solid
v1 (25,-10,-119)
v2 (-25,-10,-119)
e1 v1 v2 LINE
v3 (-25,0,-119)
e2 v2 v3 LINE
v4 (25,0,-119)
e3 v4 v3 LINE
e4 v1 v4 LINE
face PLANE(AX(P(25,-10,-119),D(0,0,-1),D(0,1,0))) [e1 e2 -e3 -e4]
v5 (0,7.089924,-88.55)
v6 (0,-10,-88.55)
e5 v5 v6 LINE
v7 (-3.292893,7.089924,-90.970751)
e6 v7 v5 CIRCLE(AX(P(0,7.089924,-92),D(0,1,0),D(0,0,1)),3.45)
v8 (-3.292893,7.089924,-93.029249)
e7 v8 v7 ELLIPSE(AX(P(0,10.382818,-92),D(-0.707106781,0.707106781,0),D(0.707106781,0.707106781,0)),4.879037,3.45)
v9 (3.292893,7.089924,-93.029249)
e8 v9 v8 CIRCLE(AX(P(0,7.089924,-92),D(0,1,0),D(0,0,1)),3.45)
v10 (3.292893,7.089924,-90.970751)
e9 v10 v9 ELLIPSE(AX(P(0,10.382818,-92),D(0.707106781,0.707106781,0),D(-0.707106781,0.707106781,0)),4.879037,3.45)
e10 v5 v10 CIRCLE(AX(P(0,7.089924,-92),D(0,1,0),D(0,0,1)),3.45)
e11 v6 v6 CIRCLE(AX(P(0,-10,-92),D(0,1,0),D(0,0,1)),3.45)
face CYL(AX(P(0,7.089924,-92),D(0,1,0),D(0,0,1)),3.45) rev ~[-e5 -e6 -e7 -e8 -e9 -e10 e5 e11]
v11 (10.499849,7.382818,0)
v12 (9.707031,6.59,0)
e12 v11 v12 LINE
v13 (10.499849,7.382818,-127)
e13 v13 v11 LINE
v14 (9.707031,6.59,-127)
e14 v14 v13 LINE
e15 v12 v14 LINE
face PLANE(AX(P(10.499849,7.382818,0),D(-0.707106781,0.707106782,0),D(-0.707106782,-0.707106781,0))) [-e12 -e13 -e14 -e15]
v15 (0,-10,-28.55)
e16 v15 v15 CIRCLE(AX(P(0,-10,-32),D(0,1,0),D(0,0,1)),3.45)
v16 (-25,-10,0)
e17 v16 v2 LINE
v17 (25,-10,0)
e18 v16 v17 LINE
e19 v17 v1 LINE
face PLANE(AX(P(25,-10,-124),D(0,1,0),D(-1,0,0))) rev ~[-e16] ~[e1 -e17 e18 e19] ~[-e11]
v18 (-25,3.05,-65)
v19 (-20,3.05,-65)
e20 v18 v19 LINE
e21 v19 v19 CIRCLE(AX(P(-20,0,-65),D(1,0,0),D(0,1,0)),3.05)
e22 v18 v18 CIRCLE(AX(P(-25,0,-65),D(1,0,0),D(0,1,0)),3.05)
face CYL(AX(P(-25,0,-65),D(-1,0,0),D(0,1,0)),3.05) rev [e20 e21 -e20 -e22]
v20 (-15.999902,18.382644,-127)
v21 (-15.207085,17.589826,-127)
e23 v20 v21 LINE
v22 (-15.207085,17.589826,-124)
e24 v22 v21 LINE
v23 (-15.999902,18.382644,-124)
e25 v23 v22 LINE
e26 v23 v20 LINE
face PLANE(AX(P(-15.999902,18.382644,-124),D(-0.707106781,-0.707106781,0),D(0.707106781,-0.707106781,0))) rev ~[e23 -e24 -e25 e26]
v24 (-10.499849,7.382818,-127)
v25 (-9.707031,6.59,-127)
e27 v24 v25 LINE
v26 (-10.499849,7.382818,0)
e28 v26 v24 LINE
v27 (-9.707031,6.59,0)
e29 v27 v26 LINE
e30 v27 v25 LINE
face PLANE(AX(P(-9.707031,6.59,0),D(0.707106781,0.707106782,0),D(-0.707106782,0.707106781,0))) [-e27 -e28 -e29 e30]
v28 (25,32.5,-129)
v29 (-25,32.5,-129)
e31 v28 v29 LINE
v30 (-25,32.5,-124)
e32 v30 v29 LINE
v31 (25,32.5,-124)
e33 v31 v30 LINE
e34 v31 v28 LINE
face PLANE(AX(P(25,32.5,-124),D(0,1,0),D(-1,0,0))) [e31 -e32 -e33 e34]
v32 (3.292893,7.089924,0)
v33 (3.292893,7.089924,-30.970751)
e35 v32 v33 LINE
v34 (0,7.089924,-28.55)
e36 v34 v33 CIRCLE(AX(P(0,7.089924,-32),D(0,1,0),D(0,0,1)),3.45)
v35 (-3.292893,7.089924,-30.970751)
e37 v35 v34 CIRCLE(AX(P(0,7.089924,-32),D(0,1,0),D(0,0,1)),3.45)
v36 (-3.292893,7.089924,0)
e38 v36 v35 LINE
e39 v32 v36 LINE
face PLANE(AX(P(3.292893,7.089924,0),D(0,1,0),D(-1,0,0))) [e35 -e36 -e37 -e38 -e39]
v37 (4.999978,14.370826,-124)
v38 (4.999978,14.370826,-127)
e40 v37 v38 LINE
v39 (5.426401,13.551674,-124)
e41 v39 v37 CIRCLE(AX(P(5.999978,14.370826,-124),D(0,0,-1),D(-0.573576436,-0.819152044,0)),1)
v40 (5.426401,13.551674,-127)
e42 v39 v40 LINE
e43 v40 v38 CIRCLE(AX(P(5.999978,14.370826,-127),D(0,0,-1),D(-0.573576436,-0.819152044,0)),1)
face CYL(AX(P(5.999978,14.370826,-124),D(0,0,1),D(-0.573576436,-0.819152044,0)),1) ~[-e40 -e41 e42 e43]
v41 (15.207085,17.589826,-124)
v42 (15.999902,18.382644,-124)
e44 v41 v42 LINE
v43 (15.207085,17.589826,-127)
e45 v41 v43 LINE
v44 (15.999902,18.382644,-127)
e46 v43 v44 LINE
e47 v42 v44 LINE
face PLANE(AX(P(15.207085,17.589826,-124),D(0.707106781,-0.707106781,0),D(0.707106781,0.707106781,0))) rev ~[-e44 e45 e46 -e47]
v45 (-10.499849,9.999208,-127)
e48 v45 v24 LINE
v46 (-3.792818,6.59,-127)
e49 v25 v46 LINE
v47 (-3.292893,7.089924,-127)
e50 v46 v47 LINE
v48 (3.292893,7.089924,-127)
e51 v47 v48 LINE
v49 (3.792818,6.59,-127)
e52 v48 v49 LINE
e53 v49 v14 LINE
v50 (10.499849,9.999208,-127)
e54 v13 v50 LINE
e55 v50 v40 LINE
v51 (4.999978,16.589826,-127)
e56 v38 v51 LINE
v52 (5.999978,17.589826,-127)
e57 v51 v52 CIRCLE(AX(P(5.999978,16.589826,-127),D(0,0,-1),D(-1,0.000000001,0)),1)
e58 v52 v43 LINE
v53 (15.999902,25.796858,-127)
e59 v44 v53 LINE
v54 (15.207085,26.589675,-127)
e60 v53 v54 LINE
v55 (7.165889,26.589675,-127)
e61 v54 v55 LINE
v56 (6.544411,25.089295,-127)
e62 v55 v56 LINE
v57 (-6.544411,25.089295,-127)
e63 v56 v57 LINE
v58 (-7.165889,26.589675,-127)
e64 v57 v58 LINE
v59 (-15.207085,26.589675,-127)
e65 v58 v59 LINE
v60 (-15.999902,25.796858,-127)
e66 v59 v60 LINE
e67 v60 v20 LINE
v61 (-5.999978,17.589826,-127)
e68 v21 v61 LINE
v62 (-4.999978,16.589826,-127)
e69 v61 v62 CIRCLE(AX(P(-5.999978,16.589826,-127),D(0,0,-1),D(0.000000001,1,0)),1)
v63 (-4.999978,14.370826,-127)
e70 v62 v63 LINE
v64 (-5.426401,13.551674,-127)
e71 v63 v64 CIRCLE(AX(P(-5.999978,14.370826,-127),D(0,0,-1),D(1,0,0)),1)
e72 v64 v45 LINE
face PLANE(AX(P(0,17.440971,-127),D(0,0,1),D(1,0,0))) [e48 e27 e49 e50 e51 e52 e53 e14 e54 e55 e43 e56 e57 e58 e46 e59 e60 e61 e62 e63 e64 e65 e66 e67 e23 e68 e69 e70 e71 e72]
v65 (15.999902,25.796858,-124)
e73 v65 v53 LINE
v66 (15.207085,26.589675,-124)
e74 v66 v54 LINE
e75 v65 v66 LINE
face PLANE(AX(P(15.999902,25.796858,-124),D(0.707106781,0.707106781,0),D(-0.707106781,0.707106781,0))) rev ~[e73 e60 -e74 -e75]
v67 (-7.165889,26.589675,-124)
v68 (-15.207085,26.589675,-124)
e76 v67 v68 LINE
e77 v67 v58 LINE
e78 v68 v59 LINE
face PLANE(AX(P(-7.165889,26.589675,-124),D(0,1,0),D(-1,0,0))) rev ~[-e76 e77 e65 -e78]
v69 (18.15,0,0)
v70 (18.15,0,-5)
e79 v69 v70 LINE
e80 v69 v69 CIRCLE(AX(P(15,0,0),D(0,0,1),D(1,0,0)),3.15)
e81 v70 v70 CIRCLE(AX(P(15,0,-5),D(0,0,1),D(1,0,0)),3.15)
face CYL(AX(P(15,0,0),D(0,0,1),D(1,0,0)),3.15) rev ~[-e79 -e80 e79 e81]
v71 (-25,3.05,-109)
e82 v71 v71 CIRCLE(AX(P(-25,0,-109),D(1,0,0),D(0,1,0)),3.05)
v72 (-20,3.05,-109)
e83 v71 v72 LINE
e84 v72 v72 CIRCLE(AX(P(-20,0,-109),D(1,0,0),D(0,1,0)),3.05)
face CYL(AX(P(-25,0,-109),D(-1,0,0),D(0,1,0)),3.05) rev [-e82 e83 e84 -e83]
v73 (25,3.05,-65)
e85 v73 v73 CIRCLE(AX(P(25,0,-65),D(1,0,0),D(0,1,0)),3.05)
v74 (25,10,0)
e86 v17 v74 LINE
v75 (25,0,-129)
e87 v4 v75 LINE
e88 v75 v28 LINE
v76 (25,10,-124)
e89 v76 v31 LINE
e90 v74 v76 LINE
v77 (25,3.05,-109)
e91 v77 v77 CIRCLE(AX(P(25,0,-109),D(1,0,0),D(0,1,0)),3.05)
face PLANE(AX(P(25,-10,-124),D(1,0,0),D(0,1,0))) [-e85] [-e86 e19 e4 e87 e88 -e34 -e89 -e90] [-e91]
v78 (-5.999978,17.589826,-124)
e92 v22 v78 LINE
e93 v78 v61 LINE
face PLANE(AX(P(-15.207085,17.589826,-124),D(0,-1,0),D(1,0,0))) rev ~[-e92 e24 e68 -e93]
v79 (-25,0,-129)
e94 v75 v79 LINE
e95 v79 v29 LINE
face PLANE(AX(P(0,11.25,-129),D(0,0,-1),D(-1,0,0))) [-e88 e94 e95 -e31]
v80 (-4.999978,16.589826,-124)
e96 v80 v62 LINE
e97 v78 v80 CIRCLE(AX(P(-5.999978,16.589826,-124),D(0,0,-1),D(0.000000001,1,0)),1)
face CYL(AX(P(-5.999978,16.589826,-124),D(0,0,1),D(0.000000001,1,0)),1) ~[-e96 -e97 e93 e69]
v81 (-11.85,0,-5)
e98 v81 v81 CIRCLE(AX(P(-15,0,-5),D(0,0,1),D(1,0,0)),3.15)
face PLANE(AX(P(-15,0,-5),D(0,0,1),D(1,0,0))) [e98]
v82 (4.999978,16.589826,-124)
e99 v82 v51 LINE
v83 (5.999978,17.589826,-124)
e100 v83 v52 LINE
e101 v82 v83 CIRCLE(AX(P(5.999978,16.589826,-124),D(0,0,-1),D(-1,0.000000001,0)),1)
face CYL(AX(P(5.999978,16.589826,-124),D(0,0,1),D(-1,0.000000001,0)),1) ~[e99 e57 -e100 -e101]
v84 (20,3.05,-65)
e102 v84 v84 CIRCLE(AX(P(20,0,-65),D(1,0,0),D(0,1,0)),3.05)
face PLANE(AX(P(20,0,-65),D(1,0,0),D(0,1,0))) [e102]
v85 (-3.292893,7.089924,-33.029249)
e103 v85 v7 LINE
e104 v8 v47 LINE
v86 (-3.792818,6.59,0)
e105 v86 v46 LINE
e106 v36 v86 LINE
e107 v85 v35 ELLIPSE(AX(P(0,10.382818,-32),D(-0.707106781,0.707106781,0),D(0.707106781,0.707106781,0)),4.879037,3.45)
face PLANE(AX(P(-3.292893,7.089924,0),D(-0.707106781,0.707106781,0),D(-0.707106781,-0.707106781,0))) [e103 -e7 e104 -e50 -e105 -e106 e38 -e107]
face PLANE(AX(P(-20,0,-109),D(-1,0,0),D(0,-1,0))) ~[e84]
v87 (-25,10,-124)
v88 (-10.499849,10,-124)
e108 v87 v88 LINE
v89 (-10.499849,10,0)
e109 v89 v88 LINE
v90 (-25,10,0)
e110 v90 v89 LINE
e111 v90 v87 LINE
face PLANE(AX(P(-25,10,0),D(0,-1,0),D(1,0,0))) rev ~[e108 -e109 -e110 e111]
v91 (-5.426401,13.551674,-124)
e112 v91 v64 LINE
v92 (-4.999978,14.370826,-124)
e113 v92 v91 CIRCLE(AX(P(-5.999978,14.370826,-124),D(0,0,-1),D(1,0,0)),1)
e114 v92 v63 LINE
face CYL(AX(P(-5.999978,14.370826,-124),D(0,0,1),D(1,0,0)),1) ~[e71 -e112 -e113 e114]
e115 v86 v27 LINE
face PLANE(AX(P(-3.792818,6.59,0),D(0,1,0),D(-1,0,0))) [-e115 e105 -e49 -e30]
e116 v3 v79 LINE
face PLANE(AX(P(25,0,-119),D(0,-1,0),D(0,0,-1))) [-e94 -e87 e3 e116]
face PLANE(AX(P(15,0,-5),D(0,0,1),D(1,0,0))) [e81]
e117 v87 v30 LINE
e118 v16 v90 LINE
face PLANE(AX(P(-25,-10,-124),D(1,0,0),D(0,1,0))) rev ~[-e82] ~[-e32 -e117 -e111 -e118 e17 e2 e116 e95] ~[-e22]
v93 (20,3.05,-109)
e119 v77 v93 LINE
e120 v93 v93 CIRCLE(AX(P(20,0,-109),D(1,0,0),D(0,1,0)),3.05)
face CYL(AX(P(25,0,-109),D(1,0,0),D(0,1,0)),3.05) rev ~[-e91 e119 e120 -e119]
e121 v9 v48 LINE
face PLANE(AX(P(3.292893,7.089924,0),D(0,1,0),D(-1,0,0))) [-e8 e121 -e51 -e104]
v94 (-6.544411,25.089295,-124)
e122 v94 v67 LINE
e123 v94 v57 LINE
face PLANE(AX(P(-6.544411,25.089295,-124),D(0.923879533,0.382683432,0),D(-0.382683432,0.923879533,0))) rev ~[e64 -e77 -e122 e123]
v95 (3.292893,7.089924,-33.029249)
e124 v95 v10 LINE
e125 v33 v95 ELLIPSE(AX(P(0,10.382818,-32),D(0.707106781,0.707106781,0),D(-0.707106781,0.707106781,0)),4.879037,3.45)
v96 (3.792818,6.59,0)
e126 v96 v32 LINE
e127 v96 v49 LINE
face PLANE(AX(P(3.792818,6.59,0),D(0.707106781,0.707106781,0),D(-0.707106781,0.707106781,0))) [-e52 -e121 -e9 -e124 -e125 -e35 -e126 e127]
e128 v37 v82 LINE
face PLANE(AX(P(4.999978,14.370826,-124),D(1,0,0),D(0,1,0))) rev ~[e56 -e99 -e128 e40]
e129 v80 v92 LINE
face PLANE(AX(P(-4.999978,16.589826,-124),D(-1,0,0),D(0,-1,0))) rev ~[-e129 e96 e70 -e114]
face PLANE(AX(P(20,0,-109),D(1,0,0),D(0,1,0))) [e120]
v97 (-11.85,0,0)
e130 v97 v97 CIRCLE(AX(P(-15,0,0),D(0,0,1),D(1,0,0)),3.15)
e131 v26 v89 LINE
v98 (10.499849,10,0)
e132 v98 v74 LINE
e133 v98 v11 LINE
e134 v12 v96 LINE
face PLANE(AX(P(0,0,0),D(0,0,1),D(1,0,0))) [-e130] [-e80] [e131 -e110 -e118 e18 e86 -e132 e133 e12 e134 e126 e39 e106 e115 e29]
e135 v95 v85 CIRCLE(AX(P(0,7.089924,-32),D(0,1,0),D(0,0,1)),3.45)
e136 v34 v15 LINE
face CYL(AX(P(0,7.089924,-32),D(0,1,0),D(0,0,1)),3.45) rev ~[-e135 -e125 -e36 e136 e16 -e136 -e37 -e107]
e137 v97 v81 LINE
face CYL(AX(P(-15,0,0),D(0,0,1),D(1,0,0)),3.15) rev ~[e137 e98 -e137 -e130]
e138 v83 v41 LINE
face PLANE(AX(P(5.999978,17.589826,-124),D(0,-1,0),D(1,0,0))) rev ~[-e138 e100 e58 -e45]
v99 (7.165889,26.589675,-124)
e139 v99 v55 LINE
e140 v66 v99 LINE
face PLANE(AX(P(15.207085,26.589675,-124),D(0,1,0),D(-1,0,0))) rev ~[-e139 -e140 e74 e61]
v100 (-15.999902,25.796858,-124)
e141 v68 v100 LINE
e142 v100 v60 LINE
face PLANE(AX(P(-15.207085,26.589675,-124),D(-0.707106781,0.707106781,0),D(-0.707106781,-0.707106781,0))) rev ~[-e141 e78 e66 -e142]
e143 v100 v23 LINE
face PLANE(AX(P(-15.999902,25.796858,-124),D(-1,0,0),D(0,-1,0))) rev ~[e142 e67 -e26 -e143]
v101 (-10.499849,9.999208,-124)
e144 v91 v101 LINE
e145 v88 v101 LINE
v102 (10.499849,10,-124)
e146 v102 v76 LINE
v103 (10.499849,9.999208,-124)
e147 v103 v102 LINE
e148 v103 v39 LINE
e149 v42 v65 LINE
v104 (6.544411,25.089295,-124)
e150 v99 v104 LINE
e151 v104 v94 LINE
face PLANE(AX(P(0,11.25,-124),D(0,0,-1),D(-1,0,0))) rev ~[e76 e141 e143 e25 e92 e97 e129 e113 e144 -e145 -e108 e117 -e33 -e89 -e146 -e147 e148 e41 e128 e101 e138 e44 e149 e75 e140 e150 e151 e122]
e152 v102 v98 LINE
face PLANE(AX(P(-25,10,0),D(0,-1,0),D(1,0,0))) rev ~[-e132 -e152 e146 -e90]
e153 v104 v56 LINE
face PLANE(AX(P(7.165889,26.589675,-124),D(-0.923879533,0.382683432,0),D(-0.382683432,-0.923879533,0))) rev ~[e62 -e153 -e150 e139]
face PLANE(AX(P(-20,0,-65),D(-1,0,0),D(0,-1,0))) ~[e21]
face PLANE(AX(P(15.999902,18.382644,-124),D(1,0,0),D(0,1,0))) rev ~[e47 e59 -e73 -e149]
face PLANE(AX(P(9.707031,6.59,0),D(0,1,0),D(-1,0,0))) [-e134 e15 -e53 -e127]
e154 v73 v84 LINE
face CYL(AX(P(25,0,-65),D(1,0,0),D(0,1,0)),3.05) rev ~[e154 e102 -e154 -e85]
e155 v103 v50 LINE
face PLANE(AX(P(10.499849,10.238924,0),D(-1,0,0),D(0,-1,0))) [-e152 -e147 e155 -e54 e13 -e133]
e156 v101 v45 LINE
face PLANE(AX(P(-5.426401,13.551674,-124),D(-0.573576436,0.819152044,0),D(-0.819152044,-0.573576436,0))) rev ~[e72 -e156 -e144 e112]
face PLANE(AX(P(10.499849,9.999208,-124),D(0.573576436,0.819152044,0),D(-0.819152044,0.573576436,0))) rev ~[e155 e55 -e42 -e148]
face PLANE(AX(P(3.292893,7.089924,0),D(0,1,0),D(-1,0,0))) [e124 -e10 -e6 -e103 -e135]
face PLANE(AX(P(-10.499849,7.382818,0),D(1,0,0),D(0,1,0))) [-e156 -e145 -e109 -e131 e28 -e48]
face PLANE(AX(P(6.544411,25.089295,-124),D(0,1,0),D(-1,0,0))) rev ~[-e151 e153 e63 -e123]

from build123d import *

# Parameters (mm, degrees)
SKETCH1_W           = 50
SKETCH1_H           = 20
BOSS_EXTRUDE1_DEPTH = 124
CUT_EXTRUDE1_REACH  = 128.89
SKETCH4_W           = 50
SKETCH4_H           = 42.5
BOSS_EXTRUDE2_DEPTH = 5
CUT_EXTRUDE2_DEPTH  = 3
SKETCH6_R           = 3.45
CUT_EXTRUDE3_DEPTH  = 134.834494571
SKETCH7_W           = 10
SKETCH7_H           = 10
CUT_EXTRUDE4_DEPTH  = 143.11702924
SKETCH8_R           = 3.05
CUT_EXTRUDE5_DEPTH  = 5
SKETCH9_R           = 3.15
CUT_EXTRUDE6_DEPTH  = 5


with BuildPart() as part:
    # Sketch1 → Boss-Extrude1 (new body)
    with BuildSketch(Plane.XY):
        Rectangle(SKETCH1_W, SKETCH1_H)
    extrude(amount=-BOSS_EXTRUDE1_DEPTH)

    # Sketch2 → Cut-Extrude1 (cut, up to next)
    with BuildSketch(Plane.XY, mode=Mode.PRIVATE) as cut_extrude1_sk1:
        Polygon((-10.499848989, 10.238924494), (0, 10.238924494), (10.499848989, 10.238924494), (10.499848989, 7.382817713), (9.707031275, 6.59), (3.792817713, 6.59), (3.292893219, 7.089924494), (-3.292893219, 7.089924494), (-3.792817713, 6.59), (-9.707031275, 6.59), (-10.499848989, 7.382817713), align=None)
    cut_extrude1_tool1 = extrude(cut_extrude1_sk1.sketch, amount=-CUT_EXTRUDE1_REACH, mode=Mode.PRIVATE) & part.part
    add(cut_extrude1_tool1.solids().sort_by_distance((0, 8.505261, 0))[0], mode=Mode.SUBTRACT)

    # Sketch4 → Boss-Extrude2 (add)
    with BuildSketch(Plane(origin=(0, 0, -124), x_dir=(-1, 0, 0), z_dir=(0, 0, -1))):
        with Locations((0, 11.25)):
            Rectangle(SKETCH4_W, SKETCH4_H)
    extrude(amount=BOSS_EXTRUDE2_DEPTH)

    # Sketch5 → Cut-Extrude2 (cut)
    with BuildSketch(Plane.XY.offset(-124)):
        with BuildLine():
            Line((-3.292893219, 7.089924494), (3.292893219, 7.089924494))
            Line((3.292893219, 7.089924494), (3.792817713, 6.59))
            Line((3.792817713, 6.59), (9.707031275, 6.59))
            Line((9.707031275, 6.59), (10.499848989, 7.382817713))
            Line((10.499848989, 7.382817713), (10.499848989, 9.99920802))
            Line((10.499848989, 9.99920802), (5.426401458, 13.551674225))
            ThreePointArc((5.426401458, 13.551674225), (5.112967061, 13.909077656), (4.999977894, 14.37082627))
            Line((4.999977894, 14.37082627), (4.999977894, 16.58982627))
            ThreePointArc((4.999977894, 16.58982627), (5.292871113, 17.296933051), (5.999977894, 17.58982627))
            Line((5.999977894, 17.58982627), (15.207084675, 17.58982627))
            Line((15.207084675, 17.58982627), (15.999902388, 18.382643983))
            Line((15.999902388, 18.382643983), (15.999902388, 25.796857545))
            Line((15.999902388, 25.796857545), (15.207084675, 26.589675258))
            Line((15.207084675, 26.589675258), (7.165888575, 26.589675258))
            Line((7.165888575, 26.589675258), (6.544410681, 25.089294897))
            Line((6.544410681, 25.089294897), (-6.544410681, 25.089294897))
            Line((-6.544410681, 25.089294897), (-7.165888575, 26.589675258))
            Line((-7.165888575, 26.589675258), (-15.207084675, 26.589675258))
            Line((-15.207084675, 26.589675258), (-15.999902388, 25.796857545))
            Line((-15.999902388, 25.796857545), (-15.999902388, 18.382643983))
            Line((-15.999902388, 18.382643983), (-15.207084675, 17.58982627))
            Line((-15.207084675, 17.58982627), (-5.999977894, 17.58982627))
            ThreePointArc((-5.999977894, 17.58982627), (-5.292871113, 17.296933051), (-4.999977894, 16.58982627))
            Line((-4.999977894, 16.58982627), (-4.999977894, 14.37082627))
            ThreePointArc((-4.999977894, 14.37082627), (-5.112967061, 13.909077656), (-5.426401458, 13.551674225))
            Line((-5.426401458, 13.551674225), (-10.499848989, 9.99920802))
            Line((-10.499848989, 9.99920802), (-10.499848989, 7.382817713))
            Line((-10.499848989, 7.382817713), (-9.707031275, 6.59))
            Line((-9.707031275, 6.59), (-3.792817713, 6.59))
            Line((-3.792817713, 6.59), (-3.292893219, 7.089924494))
        make_face()
    extrude(amount=-CUT_EXTRUDE2_DEPTH, mode=Mode.SUBTRACT)

    # Sketch6 → Cut-Extrude3 (cut, through all)
    with BuildSketch(Plane(origin=(0, 7.089924494, 0), x_dir=(1, 0, 0), z_dir=(0, 1, 0))):
        with Locations(Location((0, 92, 0), (0, 0, 270))):
            Circle(SKETCH6_R)
        with Locations(Location((0, 32, 0), (0, 0, 270))):
            Circle(SKETCH6_R)
    extrude(amount=-CUT_EXTRUDE3_DEPTH, mode=Mode.SUBTRACT)

    # Sketch7 → Cut-Extrude4 (cut, through all)
    with BuildSketch(Plane(origin=(25, 0, 0), x_dir=(0, 0, -1), z_dir=(1, 0, 0))):
        with Locations((124, -5)):
            Rectangle(SKETCH7_W, SKETCH7_H)
    extrude(amount=-CUT_EXTRUDE4_DEPTH, mode=Mode.SUBTRACT)

    # Sketch8 → Cut-Extrude5 (cut)
    with BuildSketch(Plane(origin=(25, 0, 0), x_dir=(0, 0, -1), z_dir=(1, 0, 0))):
        with Locations(Location((109, 0, 0), (0, 0, 90))):
            Circle(SKETCH8_R)
        with Locations(Location((65, 0, 0), (0, 0, 90))):
            Circle(SKETCH8_R)
    cut_extrude5 = extrude(amount=-CUT_EXTRUDE5_DEPTH, mode=Mode.SUBTRACT)

    # Mirror1: Cut-Extrude5 across plane
    add(cut_extrude5.mirror(Plane(origin=(0, 0, 0), x_dir=(0, 0, 1), z_dir=(1, 0, 0))), mode=Mode.SUBTRACT)

    # Sketch9 → Cut-Extrude6 (cut)
    with BuildSketch(Plane.XY):
        with Locations((-15, 0)):
            Circle(SKETCH9_R)
        with Locations((15, 0)):
            Circle(SKETCH9_R)
    extrude(amount=-CUT_EXTRUDE6_DEPTH, mode=Mode.SUBTRACT)


solid = part.part
